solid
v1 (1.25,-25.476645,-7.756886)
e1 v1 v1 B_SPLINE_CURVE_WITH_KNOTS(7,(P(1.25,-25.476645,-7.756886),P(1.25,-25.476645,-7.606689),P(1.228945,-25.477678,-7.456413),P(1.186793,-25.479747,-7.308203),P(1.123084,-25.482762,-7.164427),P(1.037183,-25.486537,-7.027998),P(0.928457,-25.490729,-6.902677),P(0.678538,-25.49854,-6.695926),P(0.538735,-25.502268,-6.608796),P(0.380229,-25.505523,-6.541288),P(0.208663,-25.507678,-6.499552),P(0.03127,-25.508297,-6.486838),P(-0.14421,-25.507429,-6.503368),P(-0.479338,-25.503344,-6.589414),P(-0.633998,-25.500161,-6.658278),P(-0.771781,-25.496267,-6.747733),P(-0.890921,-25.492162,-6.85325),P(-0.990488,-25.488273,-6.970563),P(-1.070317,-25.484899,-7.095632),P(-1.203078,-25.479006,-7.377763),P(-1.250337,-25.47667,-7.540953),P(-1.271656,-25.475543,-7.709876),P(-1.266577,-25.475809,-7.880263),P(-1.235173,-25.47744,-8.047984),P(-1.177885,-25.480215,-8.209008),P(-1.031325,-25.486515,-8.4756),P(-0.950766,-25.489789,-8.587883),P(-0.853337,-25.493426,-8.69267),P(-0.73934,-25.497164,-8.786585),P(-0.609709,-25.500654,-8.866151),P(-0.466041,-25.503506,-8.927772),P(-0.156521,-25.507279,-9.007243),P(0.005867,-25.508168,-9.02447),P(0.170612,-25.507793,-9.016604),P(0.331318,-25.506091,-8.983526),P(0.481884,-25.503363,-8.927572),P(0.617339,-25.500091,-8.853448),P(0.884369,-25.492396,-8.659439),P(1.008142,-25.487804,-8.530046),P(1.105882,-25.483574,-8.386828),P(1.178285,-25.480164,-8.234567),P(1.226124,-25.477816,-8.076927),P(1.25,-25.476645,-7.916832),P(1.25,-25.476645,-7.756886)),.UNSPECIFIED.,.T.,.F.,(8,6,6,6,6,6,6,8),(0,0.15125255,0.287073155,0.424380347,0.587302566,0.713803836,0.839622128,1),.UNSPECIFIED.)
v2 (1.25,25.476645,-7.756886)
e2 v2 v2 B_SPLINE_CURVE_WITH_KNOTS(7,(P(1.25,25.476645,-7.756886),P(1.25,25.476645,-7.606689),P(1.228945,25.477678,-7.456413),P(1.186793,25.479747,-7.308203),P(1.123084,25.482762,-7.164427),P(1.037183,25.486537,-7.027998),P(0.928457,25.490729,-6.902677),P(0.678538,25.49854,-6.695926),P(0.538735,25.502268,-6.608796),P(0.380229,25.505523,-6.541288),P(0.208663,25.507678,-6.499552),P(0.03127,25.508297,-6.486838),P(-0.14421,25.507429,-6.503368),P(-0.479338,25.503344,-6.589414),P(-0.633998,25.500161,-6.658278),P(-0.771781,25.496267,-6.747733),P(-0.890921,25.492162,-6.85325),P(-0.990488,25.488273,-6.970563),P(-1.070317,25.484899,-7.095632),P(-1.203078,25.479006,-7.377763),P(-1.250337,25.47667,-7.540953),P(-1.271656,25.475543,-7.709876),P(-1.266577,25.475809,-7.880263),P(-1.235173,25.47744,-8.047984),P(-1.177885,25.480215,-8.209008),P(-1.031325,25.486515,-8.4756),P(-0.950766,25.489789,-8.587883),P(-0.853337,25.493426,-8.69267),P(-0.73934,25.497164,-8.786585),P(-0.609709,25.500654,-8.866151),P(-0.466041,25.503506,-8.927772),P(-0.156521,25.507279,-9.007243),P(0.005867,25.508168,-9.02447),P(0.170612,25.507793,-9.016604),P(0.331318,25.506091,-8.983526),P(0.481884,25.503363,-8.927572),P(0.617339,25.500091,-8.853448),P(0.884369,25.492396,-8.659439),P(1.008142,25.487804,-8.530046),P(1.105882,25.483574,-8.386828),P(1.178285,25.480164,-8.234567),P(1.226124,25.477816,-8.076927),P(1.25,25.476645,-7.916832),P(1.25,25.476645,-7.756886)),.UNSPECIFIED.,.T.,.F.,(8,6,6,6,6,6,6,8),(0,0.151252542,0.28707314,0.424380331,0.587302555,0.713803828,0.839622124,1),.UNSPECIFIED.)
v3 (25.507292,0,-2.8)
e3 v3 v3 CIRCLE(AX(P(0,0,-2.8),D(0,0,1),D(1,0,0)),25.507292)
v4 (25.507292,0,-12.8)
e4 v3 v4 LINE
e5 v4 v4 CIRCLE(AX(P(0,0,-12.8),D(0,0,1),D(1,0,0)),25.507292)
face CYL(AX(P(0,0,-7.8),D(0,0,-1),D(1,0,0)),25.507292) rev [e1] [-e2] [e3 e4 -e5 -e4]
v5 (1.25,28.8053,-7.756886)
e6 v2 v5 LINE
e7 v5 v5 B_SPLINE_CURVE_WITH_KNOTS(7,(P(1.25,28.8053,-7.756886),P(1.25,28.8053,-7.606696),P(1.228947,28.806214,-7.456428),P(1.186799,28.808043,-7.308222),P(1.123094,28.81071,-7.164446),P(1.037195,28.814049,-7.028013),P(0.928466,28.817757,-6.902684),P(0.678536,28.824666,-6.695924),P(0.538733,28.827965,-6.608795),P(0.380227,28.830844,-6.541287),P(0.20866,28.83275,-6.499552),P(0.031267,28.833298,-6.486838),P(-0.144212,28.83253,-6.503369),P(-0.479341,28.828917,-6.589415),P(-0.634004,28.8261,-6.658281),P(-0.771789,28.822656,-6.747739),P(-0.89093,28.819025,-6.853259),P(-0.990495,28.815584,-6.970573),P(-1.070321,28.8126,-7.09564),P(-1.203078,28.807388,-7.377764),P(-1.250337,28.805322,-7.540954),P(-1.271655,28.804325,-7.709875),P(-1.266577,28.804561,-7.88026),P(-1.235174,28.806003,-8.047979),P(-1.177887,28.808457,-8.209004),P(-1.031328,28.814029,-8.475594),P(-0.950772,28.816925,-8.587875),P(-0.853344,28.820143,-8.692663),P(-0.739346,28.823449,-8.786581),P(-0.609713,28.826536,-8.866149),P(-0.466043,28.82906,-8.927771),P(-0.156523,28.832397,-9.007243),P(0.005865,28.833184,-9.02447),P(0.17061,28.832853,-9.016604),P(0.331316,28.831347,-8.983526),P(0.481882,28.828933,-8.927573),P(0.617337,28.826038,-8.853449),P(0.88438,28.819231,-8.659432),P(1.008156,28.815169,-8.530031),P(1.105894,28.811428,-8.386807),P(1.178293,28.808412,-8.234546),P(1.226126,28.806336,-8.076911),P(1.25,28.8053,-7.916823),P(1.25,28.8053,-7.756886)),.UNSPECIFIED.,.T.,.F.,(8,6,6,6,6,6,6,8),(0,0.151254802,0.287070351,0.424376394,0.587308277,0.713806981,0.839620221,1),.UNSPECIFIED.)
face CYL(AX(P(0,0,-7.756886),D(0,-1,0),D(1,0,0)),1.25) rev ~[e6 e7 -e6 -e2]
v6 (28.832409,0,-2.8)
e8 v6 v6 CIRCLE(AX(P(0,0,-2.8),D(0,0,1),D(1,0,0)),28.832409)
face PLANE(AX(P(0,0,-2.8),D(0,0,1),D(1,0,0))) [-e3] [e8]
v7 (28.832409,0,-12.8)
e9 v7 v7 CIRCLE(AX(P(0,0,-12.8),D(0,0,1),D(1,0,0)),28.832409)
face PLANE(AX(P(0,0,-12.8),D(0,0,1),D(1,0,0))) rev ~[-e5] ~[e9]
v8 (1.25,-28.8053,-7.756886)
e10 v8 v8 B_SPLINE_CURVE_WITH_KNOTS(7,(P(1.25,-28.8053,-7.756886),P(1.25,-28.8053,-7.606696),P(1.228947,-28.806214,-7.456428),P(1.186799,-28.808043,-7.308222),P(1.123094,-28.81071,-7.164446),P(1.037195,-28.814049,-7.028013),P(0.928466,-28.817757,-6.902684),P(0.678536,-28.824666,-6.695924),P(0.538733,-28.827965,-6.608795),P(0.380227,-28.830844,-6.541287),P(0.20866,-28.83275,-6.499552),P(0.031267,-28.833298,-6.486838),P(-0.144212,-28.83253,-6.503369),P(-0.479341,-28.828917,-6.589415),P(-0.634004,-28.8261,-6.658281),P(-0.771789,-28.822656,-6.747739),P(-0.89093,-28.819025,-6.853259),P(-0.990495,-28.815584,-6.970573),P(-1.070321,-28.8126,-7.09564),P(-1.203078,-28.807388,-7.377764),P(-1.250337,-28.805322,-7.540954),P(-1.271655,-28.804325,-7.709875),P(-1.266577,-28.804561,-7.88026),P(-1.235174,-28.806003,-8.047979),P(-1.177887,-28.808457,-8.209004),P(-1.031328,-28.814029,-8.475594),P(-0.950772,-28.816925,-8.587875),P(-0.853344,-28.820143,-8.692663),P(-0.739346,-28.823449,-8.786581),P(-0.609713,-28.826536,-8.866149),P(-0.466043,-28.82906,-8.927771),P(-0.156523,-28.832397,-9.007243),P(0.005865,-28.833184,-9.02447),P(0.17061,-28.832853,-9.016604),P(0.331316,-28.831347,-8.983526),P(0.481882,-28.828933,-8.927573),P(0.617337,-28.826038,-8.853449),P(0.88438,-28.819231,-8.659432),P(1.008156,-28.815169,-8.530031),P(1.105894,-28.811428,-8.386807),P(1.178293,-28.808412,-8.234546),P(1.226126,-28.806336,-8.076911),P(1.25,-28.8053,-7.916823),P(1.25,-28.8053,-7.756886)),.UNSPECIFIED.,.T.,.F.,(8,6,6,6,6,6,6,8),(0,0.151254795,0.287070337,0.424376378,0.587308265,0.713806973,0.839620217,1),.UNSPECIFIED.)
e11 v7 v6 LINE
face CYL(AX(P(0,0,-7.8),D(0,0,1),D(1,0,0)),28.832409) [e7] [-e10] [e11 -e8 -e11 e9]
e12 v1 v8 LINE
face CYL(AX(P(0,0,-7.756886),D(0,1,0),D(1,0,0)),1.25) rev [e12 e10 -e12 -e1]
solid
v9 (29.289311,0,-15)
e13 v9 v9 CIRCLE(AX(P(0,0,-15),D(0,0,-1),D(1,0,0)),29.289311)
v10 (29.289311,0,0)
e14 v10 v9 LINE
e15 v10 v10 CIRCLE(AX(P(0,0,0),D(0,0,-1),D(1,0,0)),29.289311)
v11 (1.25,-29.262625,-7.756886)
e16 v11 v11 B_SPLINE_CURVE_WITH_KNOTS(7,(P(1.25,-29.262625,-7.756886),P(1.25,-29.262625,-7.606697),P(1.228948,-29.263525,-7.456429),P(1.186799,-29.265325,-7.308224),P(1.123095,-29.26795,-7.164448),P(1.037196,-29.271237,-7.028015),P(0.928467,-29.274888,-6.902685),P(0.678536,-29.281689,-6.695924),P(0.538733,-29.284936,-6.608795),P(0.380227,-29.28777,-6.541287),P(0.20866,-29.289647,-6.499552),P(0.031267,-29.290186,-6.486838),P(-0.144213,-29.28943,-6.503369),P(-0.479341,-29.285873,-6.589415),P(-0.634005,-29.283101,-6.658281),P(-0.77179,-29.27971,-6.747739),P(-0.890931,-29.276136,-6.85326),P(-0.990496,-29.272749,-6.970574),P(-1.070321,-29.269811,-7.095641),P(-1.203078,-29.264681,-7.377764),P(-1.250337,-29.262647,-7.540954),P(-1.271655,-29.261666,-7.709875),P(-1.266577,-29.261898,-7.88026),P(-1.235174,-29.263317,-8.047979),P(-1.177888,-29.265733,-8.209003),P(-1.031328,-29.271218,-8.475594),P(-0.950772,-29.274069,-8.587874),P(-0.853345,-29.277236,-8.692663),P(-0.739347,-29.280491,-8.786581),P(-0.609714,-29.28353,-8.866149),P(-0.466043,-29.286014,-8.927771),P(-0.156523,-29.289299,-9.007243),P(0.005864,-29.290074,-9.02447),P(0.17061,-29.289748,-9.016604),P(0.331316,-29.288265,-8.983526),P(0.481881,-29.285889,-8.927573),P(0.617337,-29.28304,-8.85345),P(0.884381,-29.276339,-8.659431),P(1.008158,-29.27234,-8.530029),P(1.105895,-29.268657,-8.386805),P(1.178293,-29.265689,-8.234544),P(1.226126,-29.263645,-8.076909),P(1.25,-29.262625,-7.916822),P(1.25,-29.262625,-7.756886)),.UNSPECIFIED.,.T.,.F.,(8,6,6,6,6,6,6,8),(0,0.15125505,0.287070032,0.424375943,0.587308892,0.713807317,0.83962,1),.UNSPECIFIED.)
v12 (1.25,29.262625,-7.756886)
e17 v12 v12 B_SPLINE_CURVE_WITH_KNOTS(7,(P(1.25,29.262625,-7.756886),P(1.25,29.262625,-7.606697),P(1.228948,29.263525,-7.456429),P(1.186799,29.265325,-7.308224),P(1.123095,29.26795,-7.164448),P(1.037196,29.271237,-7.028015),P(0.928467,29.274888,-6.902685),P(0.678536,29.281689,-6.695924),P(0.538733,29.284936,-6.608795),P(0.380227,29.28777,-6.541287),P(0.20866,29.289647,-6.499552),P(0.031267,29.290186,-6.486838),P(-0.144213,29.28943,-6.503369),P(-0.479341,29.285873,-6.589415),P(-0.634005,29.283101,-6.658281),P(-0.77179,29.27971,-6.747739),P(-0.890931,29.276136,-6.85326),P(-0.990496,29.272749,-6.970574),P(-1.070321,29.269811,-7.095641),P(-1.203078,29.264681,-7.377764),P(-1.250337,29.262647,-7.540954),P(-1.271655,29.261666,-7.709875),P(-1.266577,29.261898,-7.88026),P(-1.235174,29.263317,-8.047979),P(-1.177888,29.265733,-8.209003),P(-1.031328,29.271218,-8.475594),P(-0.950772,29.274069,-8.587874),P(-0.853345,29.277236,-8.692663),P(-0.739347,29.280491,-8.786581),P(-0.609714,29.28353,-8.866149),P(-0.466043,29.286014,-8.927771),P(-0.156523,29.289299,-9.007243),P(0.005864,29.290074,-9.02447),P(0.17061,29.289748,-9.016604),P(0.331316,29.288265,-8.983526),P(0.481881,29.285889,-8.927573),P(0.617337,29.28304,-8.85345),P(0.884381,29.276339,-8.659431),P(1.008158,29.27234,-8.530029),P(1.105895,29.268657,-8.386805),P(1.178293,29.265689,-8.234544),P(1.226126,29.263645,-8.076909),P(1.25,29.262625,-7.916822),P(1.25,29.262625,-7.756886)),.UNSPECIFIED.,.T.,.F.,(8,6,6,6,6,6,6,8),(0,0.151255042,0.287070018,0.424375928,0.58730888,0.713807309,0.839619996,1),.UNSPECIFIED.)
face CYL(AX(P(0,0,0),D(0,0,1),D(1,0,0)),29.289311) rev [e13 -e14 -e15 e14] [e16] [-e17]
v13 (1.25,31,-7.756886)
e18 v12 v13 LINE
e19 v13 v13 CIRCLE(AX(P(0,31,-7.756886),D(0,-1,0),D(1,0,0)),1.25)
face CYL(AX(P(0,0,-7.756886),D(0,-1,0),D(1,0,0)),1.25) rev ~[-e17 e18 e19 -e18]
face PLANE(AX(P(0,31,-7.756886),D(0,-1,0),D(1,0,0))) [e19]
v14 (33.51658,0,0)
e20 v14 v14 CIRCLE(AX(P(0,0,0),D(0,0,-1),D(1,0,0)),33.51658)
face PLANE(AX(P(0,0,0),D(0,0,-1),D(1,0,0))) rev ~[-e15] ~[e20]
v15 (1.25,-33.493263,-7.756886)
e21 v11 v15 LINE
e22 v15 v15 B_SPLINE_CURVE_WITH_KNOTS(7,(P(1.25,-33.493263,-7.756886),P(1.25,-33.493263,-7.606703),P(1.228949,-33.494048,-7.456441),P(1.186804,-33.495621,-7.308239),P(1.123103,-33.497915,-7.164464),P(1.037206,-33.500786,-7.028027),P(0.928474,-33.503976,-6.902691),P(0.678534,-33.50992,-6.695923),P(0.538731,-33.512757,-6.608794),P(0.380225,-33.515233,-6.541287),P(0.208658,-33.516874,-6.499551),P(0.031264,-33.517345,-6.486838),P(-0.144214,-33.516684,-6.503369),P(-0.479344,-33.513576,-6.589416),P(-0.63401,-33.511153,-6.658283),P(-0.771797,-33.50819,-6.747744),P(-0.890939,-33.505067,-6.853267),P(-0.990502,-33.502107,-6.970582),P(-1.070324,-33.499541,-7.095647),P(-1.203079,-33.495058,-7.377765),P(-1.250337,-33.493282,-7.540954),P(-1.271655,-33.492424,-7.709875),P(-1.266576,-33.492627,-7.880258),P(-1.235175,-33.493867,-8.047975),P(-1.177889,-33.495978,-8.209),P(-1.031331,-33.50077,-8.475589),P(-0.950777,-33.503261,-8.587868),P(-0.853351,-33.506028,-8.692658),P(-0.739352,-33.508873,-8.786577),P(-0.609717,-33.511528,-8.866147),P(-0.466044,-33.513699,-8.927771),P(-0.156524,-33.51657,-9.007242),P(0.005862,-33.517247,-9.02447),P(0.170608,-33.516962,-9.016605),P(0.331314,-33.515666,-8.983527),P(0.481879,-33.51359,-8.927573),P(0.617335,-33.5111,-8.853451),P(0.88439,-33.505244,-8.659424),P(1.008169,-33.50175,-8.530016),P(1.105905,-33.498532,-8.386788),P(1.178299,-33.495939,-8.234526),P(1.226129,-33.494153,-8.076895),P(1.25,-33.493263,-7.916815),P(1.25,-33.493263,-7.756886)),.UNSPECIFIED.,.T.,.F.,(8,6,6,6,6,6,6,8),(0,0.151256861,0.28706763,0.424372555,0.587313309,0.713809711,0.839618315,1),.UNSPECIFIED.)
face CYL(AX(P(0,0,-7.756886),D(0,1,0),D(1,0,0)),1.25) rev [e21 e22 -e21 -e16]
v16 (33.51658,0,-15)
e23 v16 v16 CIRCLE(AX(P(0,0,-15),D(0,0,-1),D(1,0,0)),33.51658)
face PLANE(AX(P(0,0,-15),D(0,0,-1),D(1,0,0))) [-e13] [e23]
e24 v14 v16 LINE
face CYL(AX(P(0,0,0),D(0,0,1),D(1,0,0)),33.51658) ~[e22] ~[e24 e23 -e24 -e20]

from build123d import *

# Parameters (mm, degrees)
F2_R      = 45.826779
F0_R      = 28.670847
F4_T      = -2.5
F5_R      = 33.51658
F5_R_2    = 29.289311
F6_DEPTH  = 15
F9_R      = 28.832409
F9_R_2    = 25.507292
F10_DEPTH = 5
F11_R     = 1.25
F12_DEPTH = 33.51758
F13_DEPTH = 31


with BuildPart() as f3:
    # F2 (on offset) → F3 section 0
    with BuildSketch(Plane.XY.offset(140)):
        with Locations((0, 0.277012)):
            Circle(F2_R)
    # F0 (on Top) → F3 section 1
    with BuildSketch(Plane.XY):
        with Locations((0, -0.265393)):
            Circle(F0_R)
    loft()

    # F4
    f4_openings = [f3.faces().sort_by_distance(p)[0] for p in [
        (0, 0.277012, 140),
    ]]
    offset(amount=F4_T, openings=f4_openings)


with BuildPart() as f6:
    # F5 (on face) → F6 (new body)
    with BuildSketch(Plane(origin=(0, 0, 0), x_dir=(1, 0, 0), z_dir=(0, 0, -1))):
        Circle(F5_R)
        Circle(F5_R_2, mode=Mode.SUBTRACT)
    extrude(amount=F6_DEPTH)


with BuildPart() as f10:
    # F9 (on offset) → F10 (new body, symmetric)
    with BuildSketch(Plane.XY.offset(-7.8)):
        Circle(F9_R)
        Circle(F9_R_2, mode=Mode.SUBTRACT)
    extrude(amount=F10_DEPTH, both=True)


with BuildPart() as f12_tool:
    # F11 (on Front) → F12 (new body, through all)
    with BuildSketch(Plane.XZ):
        with Locations((0, -7.756886)):
            Circle(F11_R)
    extrude(amount=F12_DEPTH)


with BuildPart() as f6_1:
    add(f6.part)

    # F12: cut by f12_tool
    add(f12_tool.part, mode=Mode.SUBTRACT)


with BuildPart() as f10_1:
    add(f10.part)

    # F12: cut by f12_tool
    add(f12_tool.part, mode=Mode.SUBTRACT)


with BuildPart() as f13_tool:
    # F11 (on Front) → F13 (new body)
    with BuildSketch(Plane.XZ):
        with Locations((0, -7.756886)):
            Circle(F11_R)
    extrude(amount=-F13_DEPTH)


with BuildPart() as f6_2:
    add(f6_1.part)

    # F13: cut by f13_tool
    add(f13_tool.part, mode=Mode.SUBTRACT)


with BuildPart() as f10_2:
    add(f10_1.part)

    # F13: cut by f13_tool
    add(f13_tool.part, mode=Mode.SUBTRACT)


solid = Compound([f6_2.part, f10_2.part])
